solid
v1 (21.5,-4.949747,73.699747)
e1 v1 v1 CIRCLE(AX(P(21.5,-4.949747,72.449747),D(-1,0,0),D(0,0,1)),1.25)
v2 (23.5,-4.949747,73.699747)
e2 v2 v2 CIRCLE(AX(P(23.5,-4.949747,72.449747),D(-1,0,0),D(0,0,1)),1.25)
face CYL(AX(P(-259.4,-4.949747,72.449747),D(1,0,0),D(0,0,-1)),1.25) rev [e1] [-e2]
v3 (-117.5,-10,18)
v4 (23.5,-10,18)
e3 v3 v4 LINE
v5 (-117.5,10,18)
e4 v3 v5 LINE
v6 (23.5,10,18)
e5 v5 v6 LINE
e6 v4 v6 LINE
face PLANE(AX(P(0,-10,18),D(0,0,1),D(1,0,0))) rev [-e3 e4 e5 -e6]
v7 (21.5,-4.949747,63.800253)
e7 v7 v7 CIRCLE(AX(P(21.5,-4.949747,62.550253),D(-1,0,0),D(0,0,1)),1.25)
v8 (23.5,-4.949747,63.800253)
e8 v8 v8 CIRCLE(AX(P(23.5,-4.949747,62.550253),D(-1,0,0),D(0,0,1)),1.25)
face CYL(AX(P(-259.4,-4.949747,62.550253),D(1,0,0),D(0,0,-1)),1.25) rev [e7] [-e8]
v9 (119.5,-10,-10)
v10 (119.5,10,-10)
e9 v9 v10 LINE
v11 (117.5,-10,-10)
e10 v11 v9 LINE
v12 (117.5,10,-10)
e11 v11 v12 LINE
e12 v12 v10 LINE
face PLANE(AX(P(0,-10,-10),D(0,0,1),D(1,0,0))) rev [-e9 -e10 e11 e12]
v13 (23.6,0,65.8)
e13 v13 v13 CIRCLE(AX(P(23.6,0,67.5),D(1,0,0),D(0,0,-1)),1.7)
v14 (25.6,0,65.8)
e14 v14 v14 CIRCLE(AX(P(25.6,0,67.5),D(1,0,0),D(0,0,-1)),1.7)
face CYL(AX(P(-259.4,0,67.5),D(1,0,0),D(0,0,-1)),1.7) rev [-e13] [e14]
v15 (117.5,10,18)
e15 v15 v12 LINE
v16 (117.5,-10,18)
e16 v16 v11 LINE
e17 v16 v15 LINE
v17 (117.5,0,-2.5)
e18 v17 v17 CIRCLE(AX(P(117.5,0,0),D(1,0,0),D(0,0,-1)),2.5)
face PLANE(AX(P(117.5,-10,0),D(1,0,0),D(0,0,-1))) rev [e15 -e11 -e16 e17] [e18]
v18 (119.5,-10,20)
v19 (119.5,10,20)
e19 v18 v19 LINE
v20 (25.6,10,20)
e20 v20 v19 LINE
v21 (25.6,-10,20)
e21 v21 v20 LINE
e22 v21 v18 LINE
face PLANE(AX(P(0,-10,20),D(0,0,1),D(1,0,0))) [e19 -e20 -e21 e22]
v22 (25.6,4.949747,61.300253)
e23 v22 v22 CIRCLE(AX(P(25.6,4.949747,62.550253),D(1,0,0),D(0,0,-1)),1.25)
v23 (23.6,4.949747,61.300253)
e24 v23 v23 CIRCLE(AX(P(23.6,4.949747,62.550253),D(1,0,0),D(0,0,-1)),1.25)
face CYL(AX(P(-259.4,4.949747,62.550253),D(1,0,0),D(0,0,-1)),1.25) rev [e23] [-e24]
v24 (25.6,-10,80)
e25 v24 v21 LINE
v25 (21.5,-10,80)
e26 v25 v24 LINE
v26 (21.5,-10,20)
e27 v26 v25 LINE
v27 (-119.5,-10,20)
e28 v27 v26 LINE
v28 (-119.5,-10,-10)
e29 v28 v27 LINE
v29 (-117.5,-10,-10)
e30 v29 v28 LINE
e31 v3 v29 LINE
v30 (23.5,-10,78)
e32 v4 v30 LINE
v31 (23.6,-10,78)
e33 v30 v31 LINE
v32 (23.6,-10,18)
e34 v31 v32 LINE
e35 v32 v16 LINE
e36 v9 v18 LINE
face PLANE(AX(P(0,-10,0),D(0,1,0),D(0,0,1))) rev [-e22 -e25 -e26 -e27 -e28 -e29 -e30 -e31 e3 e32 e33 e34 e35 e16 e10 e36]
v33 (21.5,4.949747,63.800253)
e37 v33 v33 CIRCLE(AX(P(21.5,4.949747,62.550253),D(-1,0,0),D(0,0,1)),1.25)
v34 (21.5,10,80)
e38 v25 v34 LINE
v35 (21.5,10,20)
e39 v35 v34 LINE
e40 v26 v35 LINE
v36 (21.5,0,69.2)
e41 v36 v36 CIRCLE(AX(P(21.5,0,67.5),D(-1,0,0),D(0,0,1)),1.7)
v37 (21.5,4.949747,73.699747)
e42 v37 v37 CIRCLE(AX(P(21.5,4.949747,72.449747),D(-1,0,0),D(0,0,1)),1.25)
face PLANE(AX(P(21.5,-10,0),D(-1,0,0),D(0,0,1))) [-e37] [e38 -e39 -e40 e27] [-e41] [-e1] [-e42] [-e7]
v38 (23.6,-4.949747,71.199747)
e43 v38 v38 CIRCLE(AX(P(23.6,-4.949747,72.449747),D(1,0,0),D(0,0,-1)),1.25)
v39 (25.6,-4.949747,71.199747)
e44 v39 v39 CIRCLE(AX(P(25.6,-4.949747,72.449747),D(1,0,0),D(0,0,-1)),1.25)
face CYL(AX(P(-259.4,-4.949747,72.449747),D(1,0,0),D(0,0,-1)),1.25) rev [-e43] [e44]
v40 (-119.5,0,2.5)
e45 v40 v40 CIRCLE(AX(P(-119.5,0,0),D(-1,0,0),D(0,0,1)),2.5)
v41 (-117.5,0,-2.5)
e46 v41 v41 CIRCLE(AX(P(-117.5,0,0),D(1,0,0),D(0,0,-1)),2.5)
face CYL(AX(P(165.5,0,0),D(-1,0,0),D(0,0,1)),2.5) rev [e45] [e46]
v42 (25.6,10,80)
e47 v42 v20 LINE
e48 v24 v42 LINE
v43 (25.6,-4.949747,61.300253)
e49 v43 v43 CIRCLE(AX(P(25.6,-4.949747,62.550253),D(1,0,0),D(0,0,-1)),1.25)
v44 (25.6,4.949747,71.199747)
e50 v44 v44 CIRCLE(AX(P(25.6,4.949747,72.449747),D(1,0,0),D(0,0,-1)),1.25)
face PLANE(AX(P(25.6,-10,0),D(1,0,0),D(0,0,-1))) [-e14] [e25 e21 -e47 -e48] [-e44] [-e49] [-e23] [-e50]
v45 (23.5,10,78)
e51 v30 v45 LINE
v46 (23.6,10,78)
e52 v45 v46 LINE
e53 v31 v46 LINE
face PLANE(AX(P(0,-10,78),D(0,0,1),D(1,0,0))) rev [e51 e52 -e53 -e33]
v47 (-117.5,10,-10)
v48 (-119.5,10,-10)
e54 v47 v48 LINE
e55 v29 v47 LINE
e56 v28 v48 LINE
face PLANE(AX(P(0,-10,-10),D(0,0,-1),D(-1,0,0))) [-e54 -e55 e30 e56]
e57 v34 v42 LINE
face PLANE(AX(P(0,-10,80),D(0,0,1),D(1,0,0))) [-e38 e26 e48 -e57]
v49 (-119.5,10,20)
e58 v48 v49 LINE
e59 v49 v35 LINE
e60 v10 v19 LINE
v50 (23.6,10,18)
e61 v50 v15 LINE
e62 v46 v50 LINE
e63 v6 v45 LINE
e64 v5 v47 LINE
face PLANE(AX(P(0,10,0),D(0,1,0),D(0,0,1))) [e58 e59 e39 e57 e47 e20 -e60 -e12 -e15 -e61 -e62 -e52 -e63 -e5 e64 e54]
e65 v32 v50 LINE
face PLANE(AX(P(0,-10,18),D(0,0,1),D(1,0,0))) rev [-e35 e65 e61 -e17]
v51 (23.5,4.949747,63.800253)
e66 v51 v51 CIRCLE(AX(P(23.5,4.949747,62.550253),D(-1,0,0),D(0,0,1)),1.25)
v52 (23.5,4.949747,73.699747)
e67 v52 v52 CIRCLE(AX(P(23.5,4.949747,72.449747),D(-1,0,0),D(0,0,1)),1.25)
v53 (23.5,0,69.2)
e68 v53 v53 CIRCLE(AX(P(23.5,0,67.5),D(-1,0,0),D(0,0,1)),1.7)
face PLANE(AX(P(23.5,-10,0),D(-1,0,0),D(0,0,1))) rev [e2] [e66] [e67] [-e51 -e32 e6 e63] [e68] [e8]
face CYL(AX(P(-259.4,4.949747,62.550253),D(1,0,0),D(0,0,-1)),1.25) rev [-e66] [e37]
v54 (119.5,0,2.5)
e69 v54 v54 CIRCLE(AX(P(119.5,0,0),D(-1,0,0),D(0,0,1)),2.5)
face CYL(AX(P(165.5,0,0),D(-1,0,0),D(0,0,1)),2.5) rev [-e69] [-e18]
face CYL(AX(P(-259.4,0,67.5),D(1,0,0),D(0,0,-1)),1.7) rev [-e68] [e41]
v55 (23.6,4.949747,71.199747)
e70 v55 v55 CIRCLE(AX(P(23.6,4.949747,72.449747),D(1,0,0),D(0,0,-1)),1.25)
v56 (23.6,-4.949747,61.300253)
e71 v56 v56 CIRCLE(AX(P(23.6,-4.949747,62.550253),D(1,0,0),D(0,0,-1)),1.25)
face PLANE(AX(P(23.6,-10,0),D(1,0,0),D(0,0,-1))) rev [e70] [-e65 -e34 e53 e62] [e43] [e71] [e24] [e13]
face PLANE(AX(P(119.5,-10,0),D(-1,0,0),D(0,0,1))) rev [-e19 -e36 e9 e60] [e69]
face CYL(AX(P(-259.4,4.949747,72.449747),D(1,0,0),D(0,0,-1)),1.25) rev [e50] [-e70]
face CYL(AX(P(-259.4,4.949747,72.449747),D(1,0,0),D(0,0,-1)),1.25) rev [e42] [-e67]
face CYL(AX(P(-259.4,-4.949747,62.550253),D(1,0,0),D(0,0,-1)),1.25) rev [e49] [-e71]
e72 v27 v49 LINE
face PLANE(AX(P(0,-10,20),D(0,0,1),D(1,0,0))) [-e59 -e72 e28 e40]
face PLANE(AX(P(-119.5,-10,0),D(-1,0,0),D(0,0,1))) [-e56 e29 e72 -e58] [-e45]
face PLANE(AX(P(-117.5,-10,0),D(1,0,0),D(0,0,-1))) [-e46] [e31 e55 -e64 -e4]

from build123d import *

# Parameters (mm, degrees)
BOSS_EXTRUDE1_DEPTH      = 10
BOSS_EXTRUDE1_DEPTH_BACK = 10
SKETCH2_R                = 2.5
CUT_EXTRUDE1_DEPTH       = 285
SKETCH3_R                = 1.7
SKETCH3_R_2              = 1.25
CUT_EXTRUDE2_DEPTH       = 285


with BuildPart() as part:
    # Sketch1 → Boss-Extrude1 (new, two sides: drawn at the far end of the back side and taken through both)
    with BuildSketch(Plane(origin=(0, 0, 0), x_dir=(1, 0, 0), z_dir=(0, 1, 0)).offset(-BOSS_EXTRUDE1_DEPTH_BACK)):
        Polygon((25.6, -20), (119.5, -20), (119.5, 10), (117.5, 10), (117.5, -18), (23.6, -18), (23.6, -78), (23.5, -78), (23.5, -18), (-117.5, -18), (-117.5, 10), (-119.5, 10), (-119.5, -20), (21.5, -20), (21.5, -80), (25.6, -80), align=None)
    extrude(amount=BOSS_EXTRUDE1_DEPTH + BOSS_EXTRUDE1_DEPTH_BACK)

    # Sketch2 → Cut-Extrude1 (cut)
    with BuildSketch(Plane.ZY.offset(119.5)):
        Circle(SKETCH2_R)
    extrude(amount=-CUT_EXTRUDE1_DEPTH, mode=Mode.SUBTRACT)

    # Sketch3 → Cut-Extrude2 (cut)
    with BuildSketch(Plane(origin=(25.6, 0, 0), x_dir=(0, 0, -1), z_dir=(1, 0, 0))):
        with Locations((-67.5, 0)):
            Circle(SKETCH3_R)
        with Locations((-72.449747468, -4.949747468)):
            Circle(SKETCH3_R_2)
        with Locations((-72.449747468, 4.949747468)):
            Circle(SKETCH3_R_2)
        with Locations((-62.550252532, 4.949747468)):
            Circle(SKETCH3_R_2)
        with Locations((-62.550252532, -4.949747468)):
            Circle(SKETCH3_R_2)
    extrude(amount=-CUT_EXTRUDE2_DEPTH, mode=Mode.SUBTRACT)


solid = part.part
